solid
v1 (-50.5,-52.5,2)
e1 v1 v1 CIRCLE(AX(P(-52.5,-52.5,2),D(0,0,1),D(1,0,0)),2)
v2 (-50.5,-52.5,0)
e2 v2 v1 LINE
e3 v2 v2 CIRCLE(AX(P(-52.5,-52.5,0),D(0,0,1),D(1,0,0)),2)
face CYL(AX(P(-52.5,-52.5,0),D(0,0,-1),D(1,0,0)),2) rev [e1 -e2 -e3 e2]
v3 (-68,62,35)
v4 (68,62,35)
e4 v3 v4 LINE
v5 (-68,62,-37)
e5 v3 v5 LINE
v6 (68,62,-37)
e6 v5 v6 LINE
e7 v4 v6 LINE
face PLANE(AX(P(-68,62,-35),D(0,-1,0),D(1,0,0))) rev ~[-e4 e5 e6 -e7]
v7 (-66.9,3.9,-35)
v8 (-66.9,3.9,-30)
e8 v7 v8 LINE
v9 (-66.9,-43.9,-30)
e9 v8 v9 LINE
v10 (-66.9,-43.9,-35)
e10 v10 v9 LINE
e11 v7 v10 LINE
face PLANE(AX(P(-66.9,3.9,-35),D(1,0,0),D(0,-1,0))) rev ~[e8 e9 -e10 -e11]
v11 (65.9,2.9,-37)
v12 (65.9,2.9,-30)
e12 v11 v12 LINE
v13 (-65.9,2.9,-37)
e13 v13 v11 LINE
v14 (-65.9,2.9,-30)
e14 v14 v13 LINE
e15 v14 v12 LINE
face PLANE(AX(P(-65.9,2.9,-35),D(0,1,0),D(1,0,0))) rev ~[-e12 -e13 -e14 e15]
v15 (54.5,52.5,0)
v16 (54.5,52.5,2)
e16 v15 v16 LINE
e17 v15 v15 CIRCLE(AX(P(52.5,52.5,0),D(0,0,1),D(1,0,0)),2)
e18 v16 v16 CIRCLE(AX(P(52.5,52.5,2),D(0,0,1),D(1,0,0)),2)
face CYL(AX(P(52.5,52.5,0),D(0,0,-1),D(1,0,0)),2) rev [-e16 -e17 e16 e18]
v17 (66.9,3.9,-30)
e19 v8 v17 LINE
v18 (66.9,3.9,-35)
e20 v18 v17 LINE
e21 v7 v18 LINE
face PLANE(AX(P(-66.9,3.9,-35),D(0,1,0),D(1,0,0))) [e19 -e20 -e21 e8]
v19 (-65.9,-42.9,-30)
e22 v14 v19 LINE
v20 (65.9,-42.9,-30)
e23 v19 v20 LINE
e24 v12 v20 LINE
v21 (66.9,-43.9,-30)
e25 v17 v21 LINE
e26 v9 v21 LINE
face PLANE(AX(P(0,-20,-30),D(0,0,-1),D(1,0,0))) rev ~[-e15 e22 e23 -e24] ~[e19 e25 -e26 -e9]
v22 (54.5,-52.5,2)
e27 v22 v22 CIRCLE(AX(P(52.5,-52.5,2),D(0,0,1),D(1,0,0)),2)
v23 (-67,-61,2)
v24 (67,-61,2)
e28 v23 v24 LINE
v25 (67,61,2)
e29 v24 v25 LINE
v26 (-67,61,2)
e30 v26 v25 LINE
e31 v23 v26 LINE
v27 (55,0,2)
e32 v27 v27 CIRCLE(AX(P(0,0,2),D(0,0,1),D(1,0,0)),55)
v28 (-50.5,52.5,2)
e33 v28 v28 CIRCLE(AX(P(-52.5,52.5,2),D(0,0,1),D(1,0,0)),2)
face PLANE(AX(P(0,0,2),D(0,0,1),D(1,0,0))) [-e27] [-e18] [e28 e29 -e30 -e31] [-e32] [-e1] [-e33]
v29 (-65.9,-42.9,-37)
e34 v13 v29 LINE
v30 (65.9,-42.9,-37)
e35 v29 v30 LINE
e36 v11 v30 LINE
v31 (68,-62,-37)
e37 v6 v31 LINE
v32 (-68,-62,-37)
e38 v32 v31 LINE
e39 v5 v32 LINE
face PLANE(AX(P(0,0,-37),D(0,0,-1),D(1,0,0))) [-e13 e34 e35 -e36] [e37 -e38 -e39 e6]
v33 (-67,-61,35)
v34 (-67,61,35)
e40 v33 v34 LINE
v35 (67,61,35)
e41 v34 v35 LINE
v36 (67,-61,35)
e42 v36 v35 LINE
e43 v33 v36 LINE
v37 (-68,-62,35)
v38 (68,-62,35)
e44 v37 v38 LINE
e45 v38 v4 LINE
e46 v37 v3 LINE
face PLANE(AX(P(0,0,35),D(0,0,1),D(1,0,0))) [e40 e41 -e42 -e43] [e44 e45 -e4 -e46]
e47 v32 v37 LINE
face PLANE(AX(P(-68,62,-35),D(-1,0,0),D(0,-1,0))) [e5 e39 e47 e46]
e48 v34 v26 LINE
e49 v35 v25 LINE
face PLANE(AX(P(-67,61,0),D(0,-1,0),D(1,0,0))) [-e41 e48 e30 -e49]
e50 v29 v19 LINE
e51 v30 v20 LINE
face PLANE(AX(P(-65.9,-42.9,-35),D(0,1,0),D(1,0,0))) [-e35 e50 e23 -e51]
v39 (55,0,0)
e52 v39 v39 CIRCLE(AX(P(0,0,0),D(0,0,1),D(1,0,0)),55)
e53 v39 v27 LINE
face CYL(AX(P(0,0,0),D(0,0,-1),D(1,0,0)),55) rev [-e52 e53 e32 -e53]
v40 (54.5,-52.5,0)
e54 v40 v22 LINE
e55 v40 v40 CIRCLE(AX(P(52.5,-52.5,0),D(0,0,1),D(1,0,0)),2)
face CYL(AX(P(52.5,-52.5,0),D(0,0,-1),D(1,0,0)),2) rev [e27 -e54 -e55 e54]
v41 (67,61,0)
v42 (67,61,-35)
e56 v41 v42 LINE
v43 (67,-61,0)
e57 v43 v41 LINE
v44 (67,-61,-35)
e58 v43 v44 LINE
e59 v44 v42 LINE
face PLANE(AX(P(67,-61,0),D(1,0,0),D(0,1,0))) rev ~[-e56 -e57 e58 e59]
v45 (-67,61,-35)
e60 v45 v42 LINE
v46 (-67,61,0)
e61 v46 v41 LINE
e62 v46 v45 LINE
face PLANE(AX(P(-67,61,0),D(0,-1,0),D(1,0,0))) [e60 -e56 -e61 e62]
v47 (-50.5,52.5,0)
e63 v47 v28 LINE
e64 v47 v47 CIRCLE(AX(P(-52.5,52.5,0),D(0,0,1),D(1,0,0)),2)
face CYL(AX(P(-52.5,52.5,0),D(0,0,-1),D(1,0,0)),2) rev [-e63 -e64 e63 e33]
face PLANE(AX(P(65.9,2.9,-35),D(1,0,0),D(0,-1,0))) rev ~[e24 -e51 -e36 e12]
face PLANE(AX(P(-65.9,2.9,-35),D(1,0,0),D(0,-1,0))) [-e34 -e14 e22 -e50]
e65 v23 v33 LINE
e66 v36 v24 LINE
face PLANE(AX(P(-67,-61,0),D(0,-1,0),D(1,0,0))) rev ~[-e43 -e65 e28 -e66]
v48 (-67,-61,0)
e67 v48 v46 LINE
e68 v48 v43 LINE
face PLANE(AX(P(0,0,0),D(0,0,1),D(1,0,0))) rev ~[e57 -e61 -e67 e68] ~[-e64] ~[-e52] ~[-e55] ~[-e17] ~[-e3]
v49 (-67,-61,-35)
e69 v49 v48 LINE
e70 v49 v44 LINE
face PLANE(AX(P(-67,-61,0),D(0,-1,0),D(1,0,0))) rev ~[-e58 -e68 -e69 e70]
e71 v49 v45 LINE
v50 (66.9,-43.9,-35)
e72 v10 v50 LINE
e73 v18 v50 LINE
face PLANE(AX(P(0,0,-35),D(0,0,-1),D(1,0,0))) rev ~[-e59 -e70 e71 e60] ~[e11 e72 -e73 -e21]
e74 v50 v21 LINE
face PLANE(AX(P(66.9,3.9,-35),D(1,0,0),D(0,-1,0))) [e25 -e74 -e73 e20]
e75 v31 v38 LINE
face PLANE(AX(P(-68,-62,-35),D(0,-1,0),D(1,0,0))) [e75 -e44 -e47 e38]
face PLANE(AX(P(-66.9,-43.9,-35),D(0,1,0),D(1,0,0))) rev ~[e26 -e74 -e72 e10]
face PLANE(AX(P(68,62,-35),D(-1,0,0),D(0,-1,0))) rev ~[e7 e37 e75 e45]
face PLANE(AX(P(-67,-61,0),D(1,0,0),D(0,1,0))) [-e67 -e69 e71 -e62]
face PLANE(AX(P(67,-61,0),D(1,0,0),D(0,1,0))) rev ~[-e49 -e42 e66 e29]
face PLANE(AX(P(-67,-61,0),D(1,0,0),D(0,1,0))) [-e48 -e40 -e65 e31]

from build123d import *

# Parameters (mm, degrees)
F0_W     = 134
F0_H     = 122
F0_R     = 2
F0_R_2   = 55
F1_DEPTH = 2
F0_W_2   = 136
F0_H_2   = 124
F2_DEPTH = 35
F3_W     = 136
F3_H     = 124
F3_W_2   = 134
F3_H_2   = 122
F3_W_3   = 133.8
F3_H_3   = 47.8
F3_W_4   = 131.8
F3_H_4   = 45.8
F4_DEPTH = 2
F5_DEPTH = 5


with BuildPart() as f1:
    # F0 (on Top) → F1 (new body)
    with BuildSketch(Plane.XY):
        Rectangle(F0_W, F0_H)
        with Locations((-52.5, -52.5)):
            Circle(F0_R, mode=Mode.SUBTRACT)
        with Locations((52.5, -52.5)):
            Circle(F0_R, mode=Mode.SUBTRACT)
        with Locations((-52.5, 52.5)):
            Circle(F0_R, mode=Mode.SUBTRACT)
        Circle(F0_R_2, mode=Mode.SUBTRACT)
        with Locations((52.5, 52.5)):
            Circle(F0_R, mode=Mode.SUBTRACT)
    extrude(amount=F1_DEPTH)

    # F0 (on Top) → F2 (join, symmetric)
    with BuildSketch(Plane.XY):
        Rectangle(F0_W_2, F0_H_2)
        Rectangle(F0_W, F0_H, mode=Mode.SUBTRACT)
    extrude(amount=F2_DEPTH, both=True)

    # F3 (on face) → F4 (join)
    with BuildSketch(Plane(origin=(0, 0, -35), x_dir=(1, 0, 0), z_dir=(0, 0, -1))):
        Rectangle(F3_W, F3_H)
        Rectangle(F3_W_2, F3_H_2, mode=Mode.SUBTRACT)
        Rectangle(F3_W_2, F3_H_2)
        with Locations((0, 20)):
            Rectangle(F3_W_3, F3_H_3, mode=Mode.SUBTRACT)
        with Locations((0, 20)):
            Rectangle(F3_W_3, F3_H_3)
        with Locations((0, 20)):
            Rectangle(F3_W_4, F3_H_4, mode=Mode.SUBTRACT)
    extrude(amount=F4_DEPTH)

    # F3 (on face) → F5 (join)
    with BuildSketch(Plane(origin=(0, 0, -35), x_dir=(1, 0, 0), z_dir=(0, 0, -1))):
        with Locations((0, 20)):
            Rectangle(F3_W_3, F3_H_3)
        with Locations((0, 20)):
            Rectangle(F3_W_4, F3_H_4, mode=Mode.SUBTRACT)
    extrude(amount=-F5_DEPTH)


solid = f1.part
